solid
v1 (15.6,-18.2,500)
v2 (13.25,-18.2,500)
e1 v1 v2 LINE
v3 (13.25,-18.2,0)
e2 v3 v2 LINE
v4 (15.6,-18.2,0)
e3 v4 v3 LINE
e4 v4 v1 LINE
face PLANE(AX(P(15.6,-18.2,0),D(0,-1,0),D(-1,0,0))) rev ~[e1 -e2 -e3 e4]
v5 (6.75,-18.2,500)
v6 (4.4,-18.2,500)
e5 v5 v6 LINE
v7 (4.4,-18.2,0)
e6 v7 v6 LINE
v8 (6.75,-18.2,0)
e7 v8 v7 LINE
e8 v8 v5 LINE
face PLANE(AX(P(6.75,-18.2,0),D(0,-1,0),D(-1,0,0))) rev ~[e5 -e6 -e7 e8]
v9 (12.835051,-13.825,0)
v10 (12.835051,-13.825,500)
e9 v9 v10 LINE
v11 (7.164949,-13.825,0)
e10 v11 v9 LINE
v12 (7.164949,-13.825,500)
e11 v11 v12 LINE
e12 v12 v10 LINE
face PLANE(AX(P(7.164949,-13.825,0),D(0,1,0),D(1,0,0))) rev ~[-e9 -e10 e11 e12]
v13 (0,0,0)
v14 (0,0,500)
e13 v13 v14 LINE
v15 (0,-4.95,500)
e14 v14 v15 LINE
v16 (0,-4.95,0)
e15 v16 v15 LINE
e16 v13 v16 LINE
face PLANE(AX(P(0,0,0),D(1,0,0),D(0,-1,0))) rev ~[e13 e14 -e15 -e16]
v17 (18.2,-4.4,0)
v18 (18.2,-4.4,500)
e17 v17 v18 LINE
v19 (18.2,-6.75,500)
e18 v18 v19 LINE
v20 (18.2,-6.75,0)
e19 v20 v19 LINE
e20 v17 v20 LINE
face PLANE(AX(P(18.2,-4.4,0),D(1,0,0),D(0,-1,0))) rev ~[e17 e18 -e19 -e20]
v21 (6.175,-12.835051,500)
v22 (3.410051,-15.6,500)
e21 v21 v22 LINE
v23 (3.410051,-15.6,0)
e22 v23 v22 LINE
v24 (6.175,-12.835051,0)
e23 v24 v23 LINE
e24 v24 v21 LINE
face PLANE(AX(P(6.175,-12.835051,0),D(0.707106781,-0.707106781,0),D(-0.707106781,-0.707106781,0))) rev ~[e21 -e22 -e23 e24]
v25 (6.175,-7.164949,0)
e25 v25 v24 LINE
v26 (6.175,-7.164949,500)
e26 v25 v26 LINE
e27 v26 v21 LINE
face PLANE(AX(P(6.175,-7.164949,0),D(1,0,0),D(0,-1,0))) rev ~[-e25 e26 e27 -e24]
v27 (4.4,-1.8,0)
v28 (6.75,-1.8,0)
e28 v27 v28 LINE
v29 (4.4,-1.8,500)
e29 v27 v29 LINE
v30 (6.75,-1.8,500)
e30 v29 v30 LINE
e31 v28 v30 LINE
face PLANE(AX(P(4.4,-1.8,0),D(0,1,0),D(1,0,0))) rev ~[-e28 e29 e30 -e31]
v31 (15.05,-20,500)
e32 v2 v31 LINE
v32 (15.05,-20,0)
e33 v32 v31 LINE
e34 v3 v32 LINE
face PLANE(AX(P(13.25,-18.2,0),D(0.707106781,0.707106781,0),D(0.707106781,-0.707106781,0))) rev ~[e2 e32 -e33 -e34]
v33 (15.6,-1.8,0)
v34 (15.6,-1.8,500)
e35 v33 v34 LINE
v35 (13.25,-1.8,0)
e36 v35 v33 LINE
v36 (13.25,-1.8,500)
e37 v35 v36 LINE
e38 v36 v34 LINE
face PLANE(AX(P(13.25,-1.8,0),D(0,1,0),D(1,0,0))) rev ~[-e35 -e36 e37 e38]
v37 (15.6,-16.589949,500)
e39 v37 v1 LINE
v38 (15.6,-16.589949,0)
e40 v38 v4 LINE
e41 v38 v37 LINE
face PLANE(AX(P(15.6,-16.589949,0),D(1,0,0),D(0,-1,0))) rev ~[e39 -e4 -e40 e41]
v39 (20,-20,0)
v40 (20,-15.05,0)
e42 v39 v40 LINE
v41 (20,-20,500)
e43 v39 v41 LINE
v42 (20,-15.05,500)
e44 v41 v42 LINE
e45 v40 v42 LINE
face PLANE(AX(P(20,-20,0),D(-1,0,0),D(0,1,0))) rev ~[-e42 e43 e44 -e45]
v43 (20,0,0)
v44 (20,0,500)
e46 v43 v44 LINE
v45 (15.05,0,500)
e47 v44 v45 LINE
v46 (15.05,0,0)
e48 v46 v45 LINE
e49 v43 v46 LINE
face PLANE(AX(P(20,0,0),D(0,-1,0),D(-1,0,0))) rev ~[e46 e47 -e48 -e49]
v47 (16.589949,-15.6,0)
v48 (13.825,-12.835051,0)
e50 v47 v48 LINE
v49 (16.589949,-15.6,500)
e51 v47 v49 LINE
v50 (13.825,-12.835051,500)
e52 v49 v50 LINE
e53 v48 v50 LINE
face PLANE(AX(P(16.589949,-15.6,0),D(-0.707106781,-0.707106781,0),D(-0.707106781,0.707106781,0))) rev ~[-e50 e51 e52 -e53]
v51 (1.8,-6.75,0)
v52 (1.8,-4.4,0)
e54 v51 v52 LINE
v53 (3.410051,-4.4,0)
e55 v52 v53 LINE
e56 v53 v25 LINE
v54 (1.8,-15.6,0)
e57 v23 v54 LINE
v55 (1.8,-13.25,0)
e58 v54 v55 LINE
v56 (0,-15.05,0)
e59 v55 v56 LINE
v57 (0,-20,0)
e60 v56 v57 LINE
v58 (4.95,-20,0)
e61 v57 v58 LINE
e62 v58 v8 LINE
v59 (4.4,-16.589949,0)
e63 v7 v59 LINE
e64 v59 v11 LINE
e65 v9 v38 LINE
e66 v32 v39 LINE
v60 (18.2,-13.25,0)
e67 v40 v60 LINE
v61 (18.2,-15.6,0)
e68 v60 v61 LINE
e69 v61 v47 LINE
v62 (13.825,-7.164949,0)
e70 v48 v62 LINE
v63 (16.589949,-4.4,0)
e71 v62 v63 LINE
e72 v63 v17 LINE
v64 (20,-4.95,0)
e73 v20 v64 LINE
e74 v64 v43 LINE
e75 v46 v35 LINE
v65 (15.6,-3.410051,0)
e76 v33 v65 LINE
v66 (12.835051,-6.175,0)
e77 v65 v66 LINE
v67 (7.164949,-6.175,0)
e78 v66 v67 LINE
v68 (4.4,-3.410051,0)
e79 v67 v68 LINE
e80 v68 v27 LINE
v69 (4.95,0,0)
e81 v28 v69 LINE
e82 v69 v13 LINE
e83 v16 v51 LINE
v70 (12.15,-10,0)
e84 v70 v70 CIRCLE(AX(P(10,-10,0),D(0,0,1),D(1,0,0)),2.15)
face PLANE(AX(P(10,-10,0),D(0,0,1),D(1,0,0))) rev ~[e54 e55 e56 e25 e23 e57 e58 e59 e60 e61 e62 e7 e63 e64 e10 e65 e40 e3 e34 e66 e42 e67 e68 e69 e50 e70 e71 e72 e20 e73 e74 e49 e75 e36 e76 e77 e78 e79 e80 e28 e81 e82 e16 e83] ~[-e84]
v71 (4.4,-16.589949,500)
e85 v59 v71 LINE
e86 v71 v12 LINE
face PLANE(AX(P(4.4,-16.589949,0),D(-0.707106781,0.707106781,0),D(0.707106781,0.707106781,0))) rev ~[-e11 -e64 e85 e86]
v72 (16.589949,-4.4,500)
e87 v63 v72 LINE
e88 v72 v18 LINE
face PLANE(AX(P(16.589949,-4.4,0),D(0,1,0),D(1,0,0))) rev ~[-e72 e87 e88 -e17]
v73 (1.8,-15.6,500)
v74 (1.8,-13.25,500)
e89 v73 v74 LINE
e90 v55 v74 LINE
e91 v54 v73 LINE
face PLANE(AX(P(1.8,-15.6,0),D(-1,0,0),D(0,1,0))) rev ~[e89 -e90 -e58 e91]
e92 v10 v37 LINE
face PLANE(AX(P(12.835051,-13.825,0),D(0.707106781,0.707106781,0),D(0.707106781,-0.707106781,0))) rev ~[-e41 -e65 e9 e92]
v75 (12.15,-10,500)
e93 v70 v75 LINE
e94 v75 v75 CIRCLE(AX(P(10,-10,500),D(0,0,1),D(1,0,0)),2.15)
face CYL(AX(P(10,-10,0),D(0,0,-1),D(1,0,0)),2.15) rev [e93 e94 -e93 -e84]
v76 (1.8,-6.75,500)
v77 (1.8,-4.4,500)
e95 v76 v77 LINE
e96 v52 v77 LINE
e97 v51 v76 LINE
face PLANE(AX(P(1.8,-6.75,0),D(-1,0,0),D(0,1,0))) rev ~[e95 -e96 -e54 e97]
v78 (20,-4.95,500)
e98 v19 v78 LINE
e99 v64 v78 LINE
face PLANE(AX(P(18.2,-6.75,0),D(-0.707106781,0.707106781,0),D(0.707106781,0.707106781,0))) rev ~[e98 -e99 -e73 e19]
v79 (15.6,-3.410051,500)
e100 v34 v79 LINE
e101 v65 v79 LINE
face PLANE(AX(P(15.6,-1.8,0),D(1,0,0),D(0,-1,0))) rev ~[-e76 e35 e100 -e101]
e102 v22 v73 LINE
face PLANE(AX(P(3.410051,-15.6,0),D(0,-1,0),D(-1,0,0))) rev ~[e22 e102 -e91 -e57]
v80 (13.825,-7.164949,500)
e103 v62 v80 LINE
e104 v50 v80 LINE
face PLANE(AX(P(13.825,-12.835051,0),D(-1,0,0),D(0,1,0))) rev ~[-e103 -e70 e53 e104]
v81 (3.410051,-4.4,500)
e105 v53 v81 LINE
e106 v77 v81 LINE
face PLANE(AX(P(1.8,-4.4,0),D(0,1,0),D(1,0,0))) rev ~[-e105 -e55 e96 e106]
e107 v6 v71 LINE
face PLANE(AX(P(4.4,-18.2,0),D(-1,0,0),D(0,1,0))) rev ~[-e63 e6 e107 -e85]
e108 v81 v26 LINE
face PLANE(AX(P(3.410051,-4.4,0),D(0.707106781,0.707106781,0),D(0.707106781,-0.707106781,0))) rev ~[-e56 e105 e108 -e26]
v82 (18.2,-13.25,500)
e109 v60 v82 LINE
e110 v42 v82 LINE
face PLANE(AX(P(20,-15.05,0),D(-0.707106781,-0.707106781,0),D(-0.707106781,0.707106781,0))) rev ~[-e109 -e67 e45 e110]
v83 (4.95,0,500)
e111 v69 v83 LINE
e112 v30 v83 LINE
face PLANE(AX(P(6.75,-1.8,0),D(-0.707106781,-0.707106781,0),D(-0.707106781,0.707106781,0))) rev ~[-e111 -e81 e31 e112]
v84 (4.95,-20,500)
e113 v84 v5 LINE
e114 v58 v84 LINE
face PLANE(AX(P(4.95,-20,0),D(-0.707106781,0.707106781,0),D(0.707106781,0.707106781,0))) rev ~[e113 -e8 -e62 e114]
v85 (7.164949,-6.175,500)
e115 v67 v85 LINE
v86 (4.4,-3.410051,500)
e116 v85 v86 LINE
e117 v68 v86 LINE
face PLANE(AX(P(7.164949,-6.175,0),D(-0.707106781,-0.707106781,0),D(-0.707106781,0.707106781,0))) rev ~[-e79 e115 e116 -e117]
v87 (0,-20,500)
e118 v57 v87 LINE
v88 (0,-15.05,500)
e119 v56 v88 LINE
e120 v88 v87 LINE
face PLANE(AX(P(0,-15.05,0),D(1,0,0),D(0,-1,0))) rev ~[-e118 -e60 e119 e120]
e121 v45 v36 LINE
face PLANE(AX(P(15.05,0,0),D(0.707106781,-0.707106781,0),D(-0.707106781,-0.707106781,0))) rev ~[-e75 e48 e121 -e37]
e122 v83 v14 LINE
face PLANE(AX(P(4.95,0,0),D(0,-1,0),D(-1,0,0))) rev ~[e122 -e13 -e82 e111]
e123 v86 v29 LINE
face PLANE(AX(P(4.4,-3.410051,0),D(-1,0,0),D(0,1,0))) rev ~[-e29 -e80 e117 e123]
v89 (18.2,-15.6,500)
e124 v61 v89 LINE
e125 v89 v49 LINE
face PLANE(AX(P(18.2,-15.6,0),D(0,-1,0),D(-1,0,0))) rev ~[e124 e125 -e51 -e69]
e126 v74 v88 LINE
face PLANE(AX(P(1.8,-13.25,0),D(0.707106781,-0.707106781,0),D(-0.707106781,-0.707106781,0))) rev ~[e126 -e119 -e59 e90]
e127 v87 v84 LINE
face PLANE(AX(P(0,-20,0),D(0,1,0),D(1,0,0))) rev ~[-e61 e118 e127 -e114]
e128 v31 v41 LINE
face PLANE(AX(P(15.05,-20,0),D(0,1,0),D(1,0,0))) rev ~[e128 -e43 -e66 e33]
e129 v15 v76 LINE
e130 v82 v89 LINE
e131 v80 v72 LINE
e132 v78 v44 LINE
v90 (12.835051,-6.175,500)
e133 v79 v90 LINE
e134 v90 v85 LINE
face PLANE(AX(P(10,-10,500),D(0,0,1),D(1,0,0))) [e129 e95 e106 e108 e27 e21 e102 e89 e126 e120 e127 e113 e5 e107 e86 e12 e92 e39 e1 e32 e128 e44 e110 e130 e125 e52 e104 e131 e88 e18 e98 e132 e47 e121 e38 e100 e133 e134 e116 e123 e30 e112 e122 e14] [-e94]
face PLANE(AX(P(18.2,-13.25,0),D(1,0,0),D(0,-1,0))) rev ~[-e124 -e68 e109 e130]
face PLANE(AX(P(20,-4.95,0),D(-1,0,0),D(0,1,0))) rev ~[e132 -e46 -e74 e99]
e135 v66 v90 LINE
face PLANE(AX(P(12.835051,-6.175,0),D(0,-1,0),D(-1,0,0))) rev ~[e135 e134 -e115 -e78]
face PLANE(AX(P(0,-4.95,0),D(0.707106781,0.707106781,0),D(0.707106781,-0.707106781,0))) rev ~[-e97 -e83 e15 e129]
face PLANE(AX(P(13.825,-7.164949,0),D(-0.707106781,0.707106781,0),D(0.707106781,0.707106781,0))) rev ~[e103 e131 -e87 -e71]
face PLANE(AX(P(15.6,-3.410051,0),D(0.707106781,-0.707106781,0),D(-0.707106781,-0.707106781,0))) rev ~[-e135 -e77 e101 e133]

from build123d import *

# Parameters (mm, degrees)
CROQUIS1_R              = 2.15
SALIENTE_EXTRUIR2_DEPTH = 500


with BuildPart() as part:
    # Croquis1 → Saliente-Extruir2 (new body)
    with BuildSketch(Plane.XY):
        Polygon((4.4, 0), (0, 0), (0, -0.56736664), (0, -4.4), (0, -4.95), (1.8, -6.75), (1.8, -4.4), (3.410050506, -4.4), (6.175, -7.164949494), (6.175, -12.835050506), (3.410050506, -15.6), (1.8, -15.6), (1.8, -13.25), (0, -15.05), (0, -15.6), (0, -20), (4.4, -20), (4.95, -20), (6.75, -18.2), (4.4, -18.2), (4.4, -16.589949494), (7.164949494, -13.825), (12.835050506, -13.825), (15.6, -16.589949494), (15.6, -18.2), (13.25, -18.2), (15.05, -20), (15.6, -20), (18.2, -20), (20, -20), (20, -15.6), (20, -15.05), (18.2, -13.25), (18.2, -15.6), (16.589949494, -15.6), (13.825, -12.835050506), (13.825, -7.164949494), (16.589949494, -4.4), (18.2, -4.4), (18.2, -6.75), (20, -4.95), (20, -4.4), (20, 0), (15.6, 0), (15.05, 0), (13.25, -1.8), (15.6, -1.8), (15.6, -3.410050506), (12.835050506, -6.175), (7.164949494, -6.175), (4.4, -3.410050506), (4.4, -1.8), (6.75, -1.8), (4.95, 0), align=None)
        with Locations((10, -10)):
            Circle(CROQUIS1_R, mode=Mode.SUBTRACT)
    extrude(amount=SALIENTE_EXTRUIR2_DEPTH)


solid = part.part
